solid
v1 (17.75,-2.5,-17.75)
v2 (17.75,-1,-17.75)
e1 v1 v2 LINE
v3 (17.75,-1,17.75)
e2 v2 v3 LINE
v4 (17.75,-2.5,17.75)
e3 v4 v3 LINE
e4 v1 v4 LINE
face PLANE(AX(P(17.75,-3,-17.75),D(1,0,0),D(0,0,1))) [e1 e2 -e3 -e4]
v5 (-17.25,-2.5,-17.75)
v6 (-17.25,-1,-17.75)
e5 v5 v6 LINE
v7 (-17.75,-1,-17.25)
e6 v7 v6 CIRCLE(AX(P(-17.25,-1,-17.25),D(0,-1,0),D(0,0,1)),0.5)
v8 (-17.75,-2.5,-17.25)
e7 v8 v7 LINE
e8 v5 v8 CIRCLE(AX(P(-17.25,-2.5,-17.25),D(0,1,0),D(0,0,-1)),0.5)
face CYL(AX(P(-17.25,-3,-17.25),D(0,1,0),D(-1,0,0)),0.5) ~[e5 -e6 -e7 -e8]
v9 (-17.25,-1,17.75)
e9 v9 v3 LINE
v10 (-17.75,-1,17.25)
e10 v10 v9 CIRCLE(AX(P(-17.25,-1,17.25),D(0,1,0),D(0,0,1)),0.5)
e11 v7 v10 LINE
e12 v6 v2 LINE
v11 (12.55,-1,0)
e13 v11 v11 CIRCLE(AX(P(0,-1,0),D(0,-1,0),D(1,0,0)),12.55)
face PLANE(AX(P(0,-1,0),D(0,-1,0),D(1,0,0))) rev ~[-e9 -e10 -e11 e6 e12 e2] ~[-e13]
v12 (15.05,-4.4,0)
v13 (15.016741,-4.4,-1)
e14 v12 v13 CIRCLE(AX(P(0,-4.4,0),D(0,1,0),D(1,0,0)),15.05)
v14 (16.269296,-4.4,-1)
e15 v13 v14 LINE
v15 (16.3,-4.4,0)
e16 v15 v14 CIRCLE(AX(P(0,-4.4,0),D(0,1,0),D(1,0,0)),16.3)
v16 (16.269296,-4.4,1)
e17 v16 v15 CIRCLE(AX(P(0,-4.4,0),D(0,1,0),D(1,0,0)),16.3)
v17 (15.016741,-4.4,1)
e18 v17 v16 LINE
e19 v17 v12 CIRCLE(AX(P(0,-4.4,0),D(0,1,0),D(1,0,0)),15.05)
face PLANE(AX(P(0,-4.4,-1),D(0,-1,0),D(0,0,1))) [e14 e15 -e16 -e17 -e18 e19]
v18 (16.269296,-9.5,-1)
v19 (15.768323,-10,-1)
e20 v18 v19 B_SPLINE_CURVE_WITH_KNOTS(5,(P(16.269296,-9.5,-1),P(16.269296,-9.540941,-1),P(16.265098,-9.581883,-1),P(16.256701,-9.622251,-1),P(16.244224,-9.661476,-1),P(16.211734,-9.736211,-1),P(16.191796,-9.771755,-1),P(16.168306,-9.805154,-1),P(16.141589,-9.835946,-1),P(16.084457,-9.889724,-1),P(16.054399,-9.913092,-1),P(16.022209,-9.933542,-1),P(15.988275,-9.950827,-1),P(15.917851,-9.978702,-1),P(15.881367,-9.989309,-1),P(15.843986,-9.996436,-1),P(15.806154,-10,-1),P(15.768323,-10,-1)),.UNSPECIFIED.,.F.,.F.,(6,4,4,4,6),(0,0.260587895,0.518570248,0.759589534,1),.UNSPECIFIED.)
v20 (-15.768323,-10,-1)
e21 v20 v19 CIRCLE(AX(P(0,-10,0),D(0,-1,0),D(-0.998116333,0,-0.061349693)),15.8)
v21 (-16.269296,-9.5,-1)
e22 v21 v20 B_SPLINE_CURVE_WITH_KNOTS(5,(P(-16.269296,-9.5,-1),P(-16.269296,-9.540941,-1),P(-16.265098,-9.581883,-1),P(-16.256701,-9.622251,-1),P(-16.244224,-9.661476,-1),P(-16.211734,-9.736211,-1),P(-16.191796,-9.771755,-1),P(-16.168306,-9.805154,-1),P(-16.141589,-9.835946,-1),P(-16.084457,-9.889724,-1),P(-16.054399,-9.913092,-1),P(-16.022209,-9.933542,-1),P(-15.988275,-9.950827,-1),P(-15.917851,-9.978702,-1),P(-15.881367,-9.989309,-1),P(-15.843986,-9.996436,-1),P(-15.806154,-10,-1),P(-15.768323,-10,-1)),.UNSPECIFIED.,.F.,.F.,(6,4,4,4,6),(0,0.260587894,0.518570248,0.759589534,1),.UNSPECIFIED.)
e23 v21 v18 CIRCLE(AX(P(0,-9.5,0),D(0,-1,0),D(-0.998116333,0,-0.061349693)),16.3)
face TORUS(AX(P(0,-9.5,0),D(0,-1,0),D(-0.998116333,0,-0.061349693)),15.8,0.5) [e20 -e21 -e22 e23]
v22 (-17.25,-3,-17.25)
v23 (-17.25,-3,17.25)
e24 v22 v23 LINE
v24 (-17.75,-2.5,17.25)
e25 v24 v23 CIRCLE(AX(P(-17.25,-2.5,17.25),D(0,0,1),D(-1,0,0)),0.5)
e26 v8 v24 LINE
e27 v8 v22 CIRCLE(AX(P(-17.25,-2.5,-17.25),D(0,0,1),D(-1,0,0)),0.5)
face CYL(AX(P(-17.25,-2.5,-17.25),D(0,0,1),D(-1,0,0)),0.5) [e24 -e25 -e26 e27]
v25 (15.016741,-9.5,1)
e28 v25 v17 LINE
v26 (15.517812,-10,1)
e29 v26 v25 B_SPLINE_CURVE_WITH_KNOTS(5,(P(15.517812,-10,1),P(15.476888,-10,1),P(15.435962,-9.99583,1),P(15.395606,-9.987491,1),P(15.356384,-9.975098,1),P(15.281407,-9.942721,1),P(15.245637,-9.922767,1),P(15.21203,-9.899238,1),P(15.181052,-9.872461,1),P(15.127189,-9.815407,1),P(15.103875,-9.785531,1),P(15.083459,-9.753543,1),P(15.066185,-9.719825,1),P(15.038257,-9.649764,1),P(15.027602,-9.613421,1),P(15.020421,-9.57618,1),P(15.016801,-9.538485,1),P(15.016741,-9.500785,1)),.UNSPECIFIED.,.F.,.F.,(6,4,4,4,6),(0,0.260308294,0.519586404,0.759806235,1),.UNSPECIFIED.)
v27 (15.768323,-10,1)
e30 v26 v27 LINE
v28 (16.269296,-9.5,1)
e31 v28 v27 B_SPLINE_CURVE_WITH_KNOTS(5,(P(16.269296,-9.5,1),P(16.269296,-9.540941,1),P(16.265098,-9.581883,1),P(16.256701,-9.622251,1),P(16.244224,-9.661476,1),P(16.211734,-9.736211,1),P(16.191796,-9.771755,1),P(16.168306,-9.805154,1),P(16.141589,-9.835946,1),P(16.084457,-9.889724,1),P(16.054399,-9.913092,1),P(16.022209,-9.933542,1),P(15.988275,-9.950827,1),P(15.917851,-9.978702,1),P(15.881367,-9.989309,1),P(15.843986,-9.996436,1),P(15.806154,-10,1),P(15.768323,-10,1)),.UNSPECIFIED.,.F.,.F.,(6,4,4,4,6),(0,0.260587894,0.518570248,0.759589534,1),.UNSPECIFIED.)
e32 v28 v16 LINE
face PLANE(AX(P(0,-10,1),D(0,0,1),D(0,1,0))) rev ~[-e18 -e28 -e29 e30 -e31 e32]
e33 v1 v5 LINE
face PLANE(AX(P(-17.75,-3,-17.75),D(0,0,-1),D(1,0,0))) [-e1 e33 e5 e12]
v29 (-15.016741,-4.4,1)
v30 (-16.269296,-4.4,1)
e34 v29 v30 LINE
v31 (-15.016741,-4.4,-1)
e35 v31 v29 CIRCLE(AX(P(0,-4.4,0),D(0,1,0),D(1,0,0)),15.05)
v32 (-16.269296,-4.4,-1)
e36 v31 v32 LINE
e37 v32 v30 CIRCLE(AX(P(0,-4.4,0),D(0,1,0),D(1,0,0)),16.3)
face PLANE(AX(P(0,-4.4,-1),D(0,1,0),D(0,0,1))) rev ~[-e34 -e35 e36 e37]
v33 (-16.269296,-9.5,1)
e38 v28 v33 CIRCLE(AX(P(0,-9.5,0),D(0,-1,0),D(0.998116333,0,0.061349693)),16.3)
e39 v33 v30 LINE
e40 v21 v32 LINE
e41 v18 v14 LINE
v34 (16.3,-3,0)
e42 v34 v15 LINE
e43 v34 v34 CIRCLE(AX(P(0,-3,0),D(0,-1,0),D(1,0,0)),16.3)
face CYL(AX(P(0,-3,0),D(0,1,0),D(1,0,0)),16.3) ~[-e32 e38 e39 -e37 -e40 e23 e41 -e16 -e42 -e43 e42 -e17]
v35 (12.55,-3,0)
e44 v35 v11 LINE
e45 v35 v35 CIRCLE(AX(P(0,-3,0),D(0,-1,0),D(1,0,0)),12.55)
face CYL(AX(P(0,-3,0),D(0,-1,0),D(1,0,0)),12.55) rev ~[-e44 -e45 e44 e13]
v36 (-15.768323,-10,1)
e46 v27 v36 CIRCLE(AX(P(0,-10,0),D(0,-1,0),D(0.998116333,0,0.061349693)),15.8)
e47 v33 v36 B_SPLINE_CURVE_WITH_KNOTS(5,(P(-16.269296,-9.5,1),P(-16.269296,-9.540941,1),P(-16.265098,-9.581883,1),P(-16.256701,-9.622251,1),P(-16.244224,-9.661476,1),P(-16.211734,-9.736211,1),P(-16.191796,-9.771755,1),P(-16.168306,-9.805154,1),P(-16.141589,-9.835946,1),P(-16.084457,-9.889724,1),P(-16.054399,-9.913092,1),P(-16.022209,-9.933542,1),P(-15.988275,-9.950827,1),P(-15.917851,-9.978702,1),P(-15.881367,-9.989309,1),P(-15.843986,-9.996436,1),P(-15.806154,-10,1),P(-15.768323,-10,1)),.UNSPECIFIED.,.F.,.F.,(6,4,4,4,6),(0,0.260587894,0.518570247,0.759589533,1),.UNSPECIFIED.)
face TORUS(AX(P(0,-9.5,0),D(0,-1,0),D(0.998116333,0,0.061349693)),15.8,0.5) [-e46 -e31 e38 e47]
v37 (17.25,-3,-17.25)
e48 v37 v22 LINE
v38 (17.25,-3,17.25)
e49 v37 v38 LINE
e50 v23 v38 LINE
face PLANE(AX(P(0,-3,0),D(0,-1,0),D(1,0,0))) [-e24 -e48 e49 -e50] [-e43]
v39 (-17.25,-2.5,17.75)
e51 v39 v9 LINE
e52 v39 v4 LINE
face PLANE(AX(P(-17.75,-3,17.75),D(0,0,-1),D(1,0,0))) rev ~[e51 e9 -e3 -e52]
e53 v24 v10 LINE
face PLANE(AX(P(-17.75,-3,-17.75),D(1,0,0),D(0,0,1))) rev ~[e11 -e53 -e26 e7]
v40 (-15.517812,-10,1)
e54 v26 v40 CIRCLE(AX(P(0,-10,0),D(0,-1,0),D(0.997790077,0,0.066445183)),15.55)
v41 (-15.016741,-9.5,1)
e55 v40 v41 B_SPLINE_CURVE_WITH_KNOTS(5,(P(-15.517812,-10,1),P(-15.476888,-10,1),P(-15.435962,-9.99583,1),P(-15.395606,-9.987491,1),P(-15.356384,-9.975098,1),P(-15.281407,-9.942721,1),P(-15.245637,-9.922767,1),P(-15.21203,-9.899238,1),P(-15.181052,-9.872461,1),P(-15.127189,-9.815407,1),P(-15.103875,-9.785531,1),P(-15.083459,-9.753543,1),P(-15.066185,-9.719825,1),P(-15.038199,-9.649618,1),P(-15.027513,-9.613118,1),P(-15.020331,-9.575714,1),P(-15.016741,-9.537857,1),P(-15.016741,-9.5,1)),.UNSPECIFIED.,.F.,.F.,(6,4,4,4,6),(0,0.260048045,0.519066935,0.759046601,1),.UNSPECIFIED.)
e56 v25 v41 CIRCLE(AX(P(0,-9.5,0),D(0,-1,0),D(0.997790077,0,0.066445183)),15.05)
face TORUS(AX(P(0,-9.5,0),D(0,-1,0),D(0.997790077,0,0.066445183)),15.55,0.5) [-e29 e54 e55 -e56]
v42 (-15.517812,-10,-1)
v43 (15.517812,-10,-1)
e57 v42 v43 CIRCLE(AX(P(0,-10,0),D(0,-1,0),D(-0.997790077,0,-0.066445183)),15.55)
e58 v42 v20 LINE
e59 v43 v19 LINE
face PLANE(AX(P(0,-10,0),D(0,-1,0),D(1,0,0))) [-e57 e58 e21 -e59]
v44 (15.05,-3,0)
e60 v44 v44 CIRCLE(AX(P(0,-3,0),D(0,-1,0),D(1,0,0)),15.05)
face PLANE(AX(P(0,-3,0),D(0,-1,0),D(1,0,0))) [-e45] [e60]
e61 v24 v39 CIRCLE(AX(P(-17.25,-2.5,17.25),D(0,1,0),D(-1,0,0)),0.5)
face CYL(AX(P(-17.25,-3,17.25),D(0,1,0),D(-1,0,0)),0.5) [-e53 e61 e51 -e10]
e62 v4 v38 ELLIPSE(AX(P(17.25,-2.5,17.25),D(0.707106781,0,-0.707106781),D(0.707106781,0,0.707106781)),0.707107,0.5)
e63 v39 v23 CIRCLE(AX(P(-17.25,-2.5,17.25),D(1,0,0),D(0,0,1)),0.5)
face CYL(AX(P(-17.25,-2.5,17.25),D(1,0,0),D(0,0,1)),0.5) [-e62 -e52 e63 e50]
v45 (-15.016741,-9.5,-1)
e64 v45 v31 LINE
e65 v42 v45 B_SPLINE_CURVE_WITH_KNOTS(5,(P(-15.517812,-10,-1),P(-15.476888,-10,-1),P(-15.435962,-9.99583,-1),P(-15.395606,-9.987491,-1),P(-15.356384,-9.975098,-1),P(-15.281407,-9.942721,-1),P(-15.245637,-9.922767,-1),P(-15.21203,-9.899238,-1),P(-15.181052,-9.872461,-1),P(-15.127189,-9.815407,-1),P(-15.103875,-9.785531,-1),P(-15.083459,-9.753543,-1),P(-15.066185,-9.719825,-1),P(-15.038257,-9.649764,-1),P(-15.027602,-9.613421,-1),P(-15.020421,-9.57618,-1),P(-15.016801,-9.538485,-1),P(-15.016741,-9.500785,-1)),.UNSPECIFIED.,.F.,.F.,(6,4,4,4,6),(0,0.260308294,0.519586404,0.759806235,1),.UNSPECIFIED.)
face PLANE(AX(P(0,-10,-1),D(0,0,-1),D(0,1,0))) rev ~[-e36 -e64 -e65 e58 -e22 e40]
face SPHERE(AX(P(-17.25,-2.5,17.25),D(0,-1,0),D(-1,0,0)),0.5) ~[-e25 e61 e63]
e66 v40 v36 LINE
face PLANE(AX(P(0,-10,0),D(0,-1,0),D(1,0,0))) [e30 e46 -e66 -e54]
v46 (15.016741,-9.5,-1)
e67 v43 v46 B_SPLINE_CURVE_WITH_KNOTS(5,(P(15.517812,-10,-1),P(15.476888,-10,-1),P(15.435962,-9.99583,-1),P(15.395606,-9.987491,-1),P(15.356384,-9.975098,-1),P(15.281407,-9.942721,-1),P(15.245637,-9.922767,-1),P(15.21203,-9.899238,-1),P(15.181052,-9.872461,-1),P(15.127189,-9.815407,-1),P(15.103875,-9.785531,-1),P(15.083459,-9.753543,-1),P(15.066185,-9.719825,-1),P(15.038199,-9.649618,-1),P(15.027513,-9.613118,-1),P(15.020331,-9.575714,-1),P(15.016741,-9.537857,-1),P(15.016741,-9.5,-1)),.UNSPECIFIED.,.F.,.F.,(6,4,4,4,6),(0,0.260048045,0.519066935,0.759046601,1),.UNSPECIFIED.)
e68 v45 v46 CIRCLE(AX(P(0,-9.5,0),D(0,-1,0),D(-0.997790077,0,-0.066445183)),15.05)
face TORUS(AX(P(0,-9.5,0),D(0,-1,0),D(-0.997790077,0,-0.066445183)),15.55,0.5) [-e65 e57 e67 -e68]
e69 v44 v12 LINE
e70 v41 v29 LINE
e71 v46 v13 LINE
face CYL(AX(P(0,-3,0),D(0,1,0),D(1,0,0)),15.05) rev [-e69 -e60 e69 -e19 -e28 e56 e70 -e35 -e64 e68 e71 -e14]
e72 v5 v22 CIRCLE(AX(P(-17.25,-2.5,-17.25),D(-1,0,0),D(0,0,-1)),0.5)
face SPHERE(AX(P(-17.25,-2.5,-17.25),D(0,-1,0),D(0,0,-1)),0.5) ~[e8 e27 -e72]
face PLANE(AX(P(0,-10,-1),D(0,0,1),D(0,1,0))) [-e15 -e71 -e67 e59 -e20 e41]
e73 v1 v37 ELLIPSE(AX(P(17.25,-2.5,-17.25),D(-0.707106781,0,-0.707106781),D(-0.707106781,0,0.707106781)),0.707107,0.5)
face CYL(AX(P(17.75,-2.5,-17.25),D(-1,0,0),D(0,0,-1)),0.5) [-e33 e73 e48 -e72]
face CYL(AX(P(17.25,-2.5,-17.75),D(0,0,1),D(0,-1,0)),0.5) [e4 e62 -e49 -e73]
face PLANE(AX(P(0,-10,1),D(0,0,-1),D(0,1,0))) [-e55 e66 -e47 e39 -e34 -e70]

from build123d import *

# Parameters (mm, degrees)
SKETCH_R          = 16.3
SKETCH_R_2        = 15.05
PAD_DEPTH         = 7
SKETCH001_W       = 35.5
SKETCH001_H       = 35.5
SKETCH001_R       = 12.55
PAD001_DEPTH      = 2
SKETCH002_W       = 5.6
SKETCH002_H       = 2
POCKET_DEPTH      = 25
POCKET_DEPTH_BACK = 25
FILLET002_R       = 0.5
FILLET003_R       = 0.5
FILLET004_R       = 0.5


with BuildPart() as part:
    # Sketch → Pad (new body)
    with BuildSketch(Plane.XZ):
        Circle(SKETCH_R)
        Circle(SKETCH_R_2, mode=Mode.SUBTRACT)
    extrude(amount=PAD_DEPTH)

    # Sketch001 → Pad001 (join)
    with BuildSketch(Plane.XZ):
        Rectangle(SKETCH001_W, SKETCH001_H)
        Circle(SKETCH001_R, mode=Mode.SUBTRACT)
    extrude(amount=-PAD001_DEPTH)

    # Sketch002 (on DatumPlane) → Pocket (cut, two sides)
    with BuildSketch(Plane.YZ) as pocket_sk:
        with Locations((-4.2, 0)):
            Rectangle(SKETCH002_W, SKETCH002_H)
    extrude(amount=-POCKET_DEPTH, mode=Mode.SUBTRACT)
    extrude(pocket_sk.sketch, amount=POCKET_DEPTH_BACK, mode=Mode.SUBTRACT)

    # Fillet002
    fillet002_edges = [part.edges().sort_by_distance(p)[0] for p in [
        (-17.75, 1, -17.75),
        (-17.75, 1, 17.75),
    ]]
    fillet(fillet002_edges, radius=FILLET002_R)

    # Fillet003
    fillet003_edges = [part.edges().sort_by_distance(p)[0] for p in [
        (-17.75, 0, 0),
        (0.25, 0, 17.75),
        (0.25, 0, -17.75),
        (17.75, 0, 0),
    ]]
    fillet(fillet003_edges, radius=FILLET003_R)

    # Fillet004
    fillet004_edges = [part.edges().sort_by_distance(p)[0] for p in [
        (0, -7, 15.05),
        (0, -7, 16.3),
        (0, -7, -16.3),
        (0, -7, -15.05),
    ]]
    fillet(fillet004_edges, radius=FILLET004_R)


with BuildPart() as part_1:
    # Body placement: moved
    add(part.part.moved(Location((0, -3, 0))))


solid = part_1.part
